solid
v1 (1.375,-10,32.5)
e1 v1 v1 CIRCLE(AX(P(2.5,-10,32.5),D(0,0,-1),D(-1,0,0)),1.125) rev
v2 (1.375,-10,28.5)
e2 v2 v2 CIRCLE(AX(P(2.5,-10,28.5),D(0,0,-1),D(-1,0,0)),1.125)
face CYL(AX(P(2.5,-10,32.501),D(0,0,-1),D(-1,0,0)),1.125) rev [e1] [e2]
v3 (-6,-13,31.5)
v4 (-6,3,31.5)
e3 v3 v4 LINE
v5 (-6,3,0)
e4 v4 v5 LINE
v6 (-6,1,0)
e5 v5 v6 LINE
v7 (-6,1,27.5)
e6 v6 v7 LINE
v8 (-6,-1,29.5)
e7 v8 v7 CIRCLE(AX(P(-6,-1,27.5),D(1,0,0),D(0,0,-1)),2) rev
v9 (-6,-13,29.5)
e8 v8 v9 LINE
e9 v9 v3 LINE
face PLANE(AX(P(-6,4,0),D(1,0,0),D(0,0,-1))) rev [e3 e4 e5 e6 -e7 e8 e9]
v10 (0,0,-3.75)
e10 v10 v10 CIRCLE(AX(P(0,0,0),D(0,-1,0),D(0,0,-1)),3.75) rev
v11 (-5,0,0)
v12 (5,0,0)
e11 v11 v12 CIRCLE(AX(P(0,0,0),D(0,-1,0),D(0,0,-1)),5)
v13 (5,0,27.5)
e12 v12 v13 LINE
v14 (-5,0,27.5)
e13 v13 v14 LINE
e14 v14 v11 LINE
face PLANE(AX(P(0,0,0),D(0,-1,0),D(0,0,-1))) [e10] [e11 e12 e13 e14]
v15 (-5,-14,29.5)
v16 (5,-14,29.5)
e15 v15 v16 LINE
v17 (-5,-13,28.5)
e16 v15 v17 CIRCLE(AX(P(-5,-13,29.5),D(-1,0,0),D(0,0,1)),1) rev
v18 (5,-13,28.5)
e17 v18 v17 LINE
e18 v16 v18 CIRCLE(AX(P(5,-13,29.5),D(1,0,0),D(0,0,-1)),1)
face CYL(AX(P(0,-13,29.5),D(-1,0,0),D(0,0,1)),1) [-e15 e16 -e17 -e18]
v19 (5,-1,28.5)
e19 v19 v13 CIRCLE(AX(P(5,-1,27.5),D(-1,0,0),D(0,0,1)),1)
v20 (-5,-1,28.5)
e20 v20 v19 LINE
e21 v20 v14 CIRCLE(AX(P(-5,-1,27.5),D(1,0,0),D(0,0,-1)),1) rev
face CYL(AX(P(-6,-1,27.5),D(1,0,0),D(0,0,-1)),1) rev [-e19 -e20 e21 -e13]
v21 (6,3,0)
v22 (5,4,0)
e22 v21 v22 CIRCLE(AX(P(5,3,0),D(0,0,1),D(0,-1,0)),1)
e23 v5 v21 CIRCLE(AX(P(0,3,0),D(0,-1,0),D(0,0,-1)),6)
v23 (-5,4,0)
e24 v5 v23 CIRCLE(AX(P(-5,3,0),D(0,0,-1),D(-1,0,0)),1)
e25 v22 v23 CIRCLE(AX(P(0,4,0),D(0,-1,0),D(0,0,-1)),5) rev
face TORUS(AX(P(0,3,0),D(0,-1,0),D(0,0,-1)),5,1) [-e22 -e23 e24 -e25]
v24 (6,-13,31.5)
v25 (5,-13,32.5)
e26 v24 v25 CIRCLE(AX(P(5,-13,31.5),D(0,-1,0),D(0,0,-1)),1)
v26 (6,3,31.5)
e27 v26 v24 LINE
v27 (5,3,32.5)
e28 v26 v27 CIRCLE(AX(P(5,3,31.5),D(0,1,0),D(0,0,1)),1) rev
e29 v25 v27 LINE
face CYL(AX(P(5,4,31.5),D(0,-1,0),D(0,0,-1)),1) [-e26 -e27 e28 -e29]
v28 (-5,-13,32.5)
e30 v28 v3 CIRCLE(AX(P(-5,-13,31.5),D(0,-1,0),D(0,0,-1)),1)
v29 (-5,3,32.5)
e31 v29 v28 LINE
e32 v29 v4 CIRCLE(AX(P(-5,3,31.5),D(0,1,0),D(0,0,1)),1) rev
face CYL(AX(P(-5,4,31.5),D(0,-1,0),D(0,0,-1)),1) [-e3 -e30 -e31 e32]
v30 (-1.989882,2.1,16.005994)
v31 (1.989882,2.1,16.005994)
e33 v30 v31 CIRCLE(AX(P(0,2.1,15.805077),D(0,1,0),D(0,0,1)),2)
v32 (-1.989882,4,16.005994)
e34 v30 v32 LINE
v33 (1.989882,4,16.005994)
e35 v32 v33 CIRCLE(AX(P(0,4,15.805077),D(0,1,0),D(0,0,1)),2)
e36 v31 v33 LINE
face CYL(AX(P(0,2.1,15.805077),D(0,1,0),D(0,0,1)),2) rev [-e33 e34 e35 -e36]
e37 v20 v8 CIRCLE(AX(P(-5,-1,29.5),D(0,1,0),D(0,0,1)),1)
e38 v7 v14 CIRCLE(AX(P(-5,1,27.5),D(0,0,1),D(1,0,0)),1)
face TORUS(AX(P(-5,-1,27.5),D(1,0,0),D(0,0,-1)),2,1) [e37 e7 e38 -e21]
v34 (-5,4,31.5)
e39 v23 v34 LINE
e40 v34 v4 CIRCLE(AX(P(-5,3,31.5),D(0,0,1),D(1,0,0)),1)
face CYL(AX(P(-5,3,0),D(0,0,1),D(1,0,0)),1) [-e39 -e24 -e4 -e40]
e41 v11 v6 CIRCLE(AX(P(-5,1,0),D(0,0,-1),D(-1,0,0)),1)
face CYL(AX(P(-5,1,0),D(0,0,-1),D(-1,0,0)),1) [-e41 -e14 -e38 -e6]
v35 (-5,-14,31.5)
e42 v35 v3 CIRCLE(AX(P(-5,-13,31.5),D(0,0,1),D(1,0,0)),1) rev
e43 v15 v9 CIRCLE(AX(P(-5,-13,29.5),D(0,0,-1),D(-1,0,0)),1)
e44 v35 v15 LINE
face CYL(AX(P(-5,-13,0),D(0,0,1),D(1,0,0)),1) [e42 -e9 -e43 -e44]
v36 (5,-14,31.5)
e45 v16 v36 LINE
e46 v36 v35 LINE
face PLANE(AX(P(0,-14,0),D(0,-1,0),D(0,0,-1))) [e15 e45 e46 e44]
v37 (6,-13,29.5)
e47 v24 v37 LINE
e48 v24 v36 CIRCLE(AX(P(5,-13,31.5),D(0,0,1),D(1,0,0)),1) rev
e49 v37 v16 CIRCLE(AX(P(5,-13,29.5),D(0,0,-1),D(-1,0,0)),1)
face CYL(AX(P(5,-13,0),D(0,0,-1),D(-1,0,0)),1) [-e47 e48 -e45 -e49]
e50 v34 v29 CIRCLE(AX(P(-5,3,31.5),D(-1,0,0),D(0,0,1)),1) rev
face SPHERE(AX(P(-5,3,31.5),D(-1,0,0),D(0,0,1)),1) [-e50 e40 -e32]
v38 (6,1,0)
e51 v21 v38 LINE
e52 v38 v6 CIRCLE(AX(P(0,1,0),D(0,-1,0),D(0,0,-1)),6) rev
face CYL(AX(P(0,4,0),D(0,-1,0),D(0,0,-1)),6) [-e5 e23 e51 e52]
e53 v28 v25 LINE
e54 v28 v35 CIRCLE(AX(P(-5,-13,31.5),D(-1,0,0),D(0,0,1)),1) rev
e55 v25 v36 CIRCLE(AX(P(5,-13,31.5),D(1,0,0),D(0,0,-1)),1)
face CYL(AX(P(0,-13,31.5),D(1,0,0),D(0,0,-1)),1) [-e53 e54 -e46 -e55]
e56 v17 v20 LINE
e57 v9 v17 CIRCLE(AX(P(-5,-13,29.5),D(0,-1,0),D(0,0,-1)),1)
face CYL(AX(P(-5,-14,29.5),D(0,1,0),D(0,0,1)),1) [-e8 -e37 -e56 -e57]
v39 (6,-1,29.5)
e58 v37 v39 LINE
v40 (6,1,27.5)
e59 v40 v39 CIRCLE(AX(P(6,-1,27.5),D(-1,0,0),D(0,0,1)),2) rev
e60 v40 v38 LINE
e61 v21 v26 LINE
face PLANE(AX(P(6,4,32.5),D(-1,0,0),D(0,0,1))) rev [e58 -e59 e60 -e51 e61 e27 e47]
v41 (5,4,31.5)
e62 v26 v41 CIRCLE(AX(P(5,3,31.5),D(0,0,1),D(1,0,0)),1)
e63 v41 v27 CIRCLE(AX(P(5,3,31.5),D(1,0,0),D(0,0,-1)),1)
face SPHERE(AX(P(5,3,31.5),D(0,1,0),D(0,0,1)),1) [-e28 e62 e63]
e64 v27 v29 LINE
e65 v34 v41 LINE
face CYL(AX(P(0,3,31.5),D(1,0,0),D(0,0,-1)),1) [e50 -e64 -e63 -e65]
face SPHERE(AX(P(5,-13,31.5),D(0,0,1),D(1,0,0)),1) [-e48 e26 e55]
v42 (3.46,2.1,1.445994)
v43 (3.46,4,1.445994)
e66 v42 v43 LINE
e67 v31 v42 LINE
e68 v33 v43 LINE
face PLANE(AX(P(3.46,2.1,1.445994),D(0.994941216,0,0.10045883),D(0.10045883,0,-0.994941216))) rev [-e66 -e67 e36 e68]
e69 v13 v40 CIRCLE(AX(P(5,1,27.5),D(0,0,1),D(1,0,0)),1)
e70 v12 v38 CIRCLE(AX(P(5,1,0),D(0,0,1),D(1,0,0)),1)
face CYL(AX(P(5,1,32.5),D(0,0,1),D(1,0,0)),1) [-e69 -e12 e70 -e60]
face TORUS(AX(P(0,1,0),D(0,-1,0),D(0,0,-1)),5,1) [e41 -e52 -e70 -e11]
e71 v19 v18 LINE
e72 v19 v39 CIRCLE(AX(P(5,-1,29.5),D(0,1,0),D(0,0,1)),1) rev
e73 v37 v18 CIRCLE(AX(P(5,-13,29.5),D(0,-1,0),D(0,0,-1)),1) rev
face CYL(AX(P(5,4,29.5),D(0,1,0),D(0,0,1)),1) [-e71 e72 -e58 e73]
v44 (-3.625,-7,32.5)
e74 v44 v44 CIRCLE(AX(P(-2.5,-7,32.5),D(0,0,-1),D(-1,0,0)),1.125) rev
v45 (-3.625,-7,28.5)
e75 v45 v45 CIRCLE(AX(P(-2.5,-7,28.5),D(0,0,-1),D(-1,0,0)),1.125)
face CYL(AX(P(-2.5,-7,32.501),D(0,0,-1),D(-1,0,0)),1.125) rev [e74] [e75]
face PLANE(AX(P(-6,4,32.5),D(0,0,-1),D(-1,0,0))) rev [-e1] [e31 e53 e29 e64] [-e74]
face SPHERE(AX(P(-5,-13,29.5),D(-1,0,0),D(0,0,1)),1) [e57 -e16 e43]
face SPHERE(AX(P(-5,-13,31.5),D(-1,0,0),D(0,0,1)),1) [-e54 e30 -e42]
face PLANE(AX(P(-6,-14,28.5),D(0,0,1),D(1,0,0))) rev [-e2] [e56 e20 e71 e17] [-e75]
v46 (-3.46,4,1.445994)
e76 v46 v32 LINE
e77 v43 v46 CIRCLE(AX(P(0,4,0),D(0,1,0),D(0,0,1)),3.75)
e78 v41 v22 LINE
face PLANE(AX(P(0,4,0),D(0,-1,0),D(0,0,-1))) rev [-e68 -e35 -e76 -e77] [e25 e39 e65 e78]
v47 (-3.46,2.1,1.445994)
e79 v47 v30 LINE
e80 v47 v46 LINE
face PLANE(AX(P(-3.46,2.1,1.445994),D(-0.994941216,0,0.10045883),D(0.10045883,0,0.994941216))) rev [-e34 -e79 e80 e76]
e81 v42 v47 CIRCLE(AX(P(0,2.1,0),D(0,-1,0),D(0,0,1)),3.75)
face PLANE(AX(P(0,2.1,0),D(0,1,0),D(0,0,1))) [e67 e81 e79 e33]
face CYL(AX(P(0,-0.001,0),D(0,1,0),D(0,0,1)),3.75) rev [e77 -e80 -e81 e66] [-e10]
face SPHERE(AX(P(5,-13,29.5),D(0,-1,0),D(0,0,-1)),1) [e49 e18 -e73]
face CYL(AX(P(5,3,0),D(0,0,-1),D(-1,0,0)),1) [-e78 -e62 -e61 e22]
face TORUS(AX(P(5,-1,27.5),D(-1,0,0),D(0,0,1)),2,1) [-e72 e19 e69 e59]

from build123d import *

# Parameters (mm, degrees)
YAW_ARM_BASE_DEPTH           = 4
YAW_ARM_MOUNTING_HOLE_REACH  = 35.29
SKETCH2_R                    = 3.75
YAW_ARM_SLOT_DEPTH           = 1.9
SKETCH5_W                    = 12
SKETCH5_H                    = 4
MOUNTING_BRACKET_DEPTH       = 14
BRACKET_MOUNTING_HOLES_REACH = 39.713
SKETCH8_R                    = 1.125
F_1MM_FILLETS_R              = 1


with BuildPart() as part:
    # Sketch1 → Yaw Arm Base (new body)
    with BuildSketch(Plane(origin=(0, 0, 0), x_dir=(1, 0, 0), z_dir=(0, 1, 0))):
        with BuildLine():
            Line((-6, 0), (-6, -32.5))
            Line((-6, -32.5), (6, -32.5))
            Line((6, -32.5), (6, 0))
            ThreePointArc((6, 0), (0, 6), (-6, 0))
        make_face()
    extrude(amount=YAW_ARM_BASE_DEPTH)

    # Sketch2 → Yaw Arm Mounting Hole (cut, up to next)
    with BuildSketch(Plane(origin=(0, 4, 0), x_dir=(1, 0, 0), z_dir=(0, 1, 0)), mode=Mode.PRIVATE) as yaw_arm_mounting_hole_sk1:
        with Locations(Location((0, 0, 0), (0, 0, 270))):
            Circle(SKETCH2_R)
    yaw_arm_mounting_hole_tool1 = extrude(yaw_arm_mounting_hole_sk1.sketch, amount=-YAW_ARM_MOUNTING_HOLE_REACH, mode=Mode.PRIVATE) & part.part
    add(yaw_arm_mounting_hole_tool1.solids().sort_by_distance((0, 4, 0))[0], mode=Mode.SUBTRACT)

    # Sketch4 → Yaw Arm Slot (cut)
    with BuildSketch(Plane(origin=(0, 4, 0), x_dir=(1, 0, 0), z_dir=(0, 1, 0))):
        with BuildLine():
            Line((-3.46, -1.445994467), (-1.989882432, -16.005994467))
            ThreePointArc((-1.989882432, -16.005994467), (0, -17.805076808), (1.989882432, -16.005994467))
            Line((1.989882432, -16.005994467), (3.46, -1.445994467))
            ThreePointArc((3.46, -1.445994467), (0, -3.75), (-3.46, -1.445994467))
        make_face()
    extrude(amount=-YAW_ARM_SLOT_DEPTH, mode=Mode.SUBTRACT)

    # Sketch5 → Mounting Bracket (add)
    with BuildSketch(Plane.XZ):
        with Locations((0, 30.5)):
            Rectangle(SKETCH5_W, SKETCH5_H)
    extrude(amount=MOUNTING_BRACKET_DEPTH)

    # Sketch8 → Bracket Mounting Holes (cut, up to next)
    with BuildSketch(Plane(origin=(0, 0, 28.5), x_dir=(-1, 0, 0), z_dir=(0, 0, -1)), mode=Mode.PRIVATE) as bracket_mounting_holes_sk1:
        with Locations((-2.5, -10)):
            Circle(SKETCH8_R)
    bracket_mounting_holes_tool1 = extrude(bracket_mounting_holes_sk1.sketch, amount=-BRACKET_MOUNTING_HOLES_REACH, mode=Mode.PRIVATE) & part.part
    # Sketch8 → Bracket Mounting Holes (cut, up to next)
    with BuildSketch(Plane(origin=(0, 0, 28.5), x_dir=(-1, 0, 0), z_dir=(0, 0, -1)), mode=Mode.PRIVATE) as bracket_mounting_holes_sk2:
        with Locations((2.5, -7)):
            Circle(SKETCH8_R)
    bracket_mounting_holes_tool2 = extrude(bracket_mounting_holes_sk2.sketch, amount=-BRACKET_MOUNTING_HOLES_REACH, mode=Mode.PRIVATE) & part.part
    add(bracket_mounting_holes_tool1.solids().sort_by_distance((2.5, -10, 28.5))[0], mode=Mode.SUBTRACT)
    add(bracket_mounting_holes_tool2.solids().sort_by_distance((-2.5, -7, 28.5))[0], mode=Mode.SUBTRACT)

    # 1mm Fillets
    f_1mm_fillets_edges = [part.edges().sort_by_distance(p)[0] for p in [
        (0, 4, 32.5),
        (6, 4, 16.25),
        (6, 0, 14.25),
        (0, 0, 28.5),
        (-6, -7, 28.5),
        (6, -7, 28.5),
        (-6, -14, 30.5),
        (0, -14, 28.5),
        (6, -14, 30.5),
        (0, -14, 32.5),
        (0, 4, -6),
        (-6, 0, 14.25),
        (0, 0, -6),
        (6, -5, 32.5),
        (-6, -5, 32.5),
        (-6, 4, 16.25),
    ]]
    fillet(f_1mm_fillets_edges, radius=F_1MM_FILLETS_R)


solid = part.part
